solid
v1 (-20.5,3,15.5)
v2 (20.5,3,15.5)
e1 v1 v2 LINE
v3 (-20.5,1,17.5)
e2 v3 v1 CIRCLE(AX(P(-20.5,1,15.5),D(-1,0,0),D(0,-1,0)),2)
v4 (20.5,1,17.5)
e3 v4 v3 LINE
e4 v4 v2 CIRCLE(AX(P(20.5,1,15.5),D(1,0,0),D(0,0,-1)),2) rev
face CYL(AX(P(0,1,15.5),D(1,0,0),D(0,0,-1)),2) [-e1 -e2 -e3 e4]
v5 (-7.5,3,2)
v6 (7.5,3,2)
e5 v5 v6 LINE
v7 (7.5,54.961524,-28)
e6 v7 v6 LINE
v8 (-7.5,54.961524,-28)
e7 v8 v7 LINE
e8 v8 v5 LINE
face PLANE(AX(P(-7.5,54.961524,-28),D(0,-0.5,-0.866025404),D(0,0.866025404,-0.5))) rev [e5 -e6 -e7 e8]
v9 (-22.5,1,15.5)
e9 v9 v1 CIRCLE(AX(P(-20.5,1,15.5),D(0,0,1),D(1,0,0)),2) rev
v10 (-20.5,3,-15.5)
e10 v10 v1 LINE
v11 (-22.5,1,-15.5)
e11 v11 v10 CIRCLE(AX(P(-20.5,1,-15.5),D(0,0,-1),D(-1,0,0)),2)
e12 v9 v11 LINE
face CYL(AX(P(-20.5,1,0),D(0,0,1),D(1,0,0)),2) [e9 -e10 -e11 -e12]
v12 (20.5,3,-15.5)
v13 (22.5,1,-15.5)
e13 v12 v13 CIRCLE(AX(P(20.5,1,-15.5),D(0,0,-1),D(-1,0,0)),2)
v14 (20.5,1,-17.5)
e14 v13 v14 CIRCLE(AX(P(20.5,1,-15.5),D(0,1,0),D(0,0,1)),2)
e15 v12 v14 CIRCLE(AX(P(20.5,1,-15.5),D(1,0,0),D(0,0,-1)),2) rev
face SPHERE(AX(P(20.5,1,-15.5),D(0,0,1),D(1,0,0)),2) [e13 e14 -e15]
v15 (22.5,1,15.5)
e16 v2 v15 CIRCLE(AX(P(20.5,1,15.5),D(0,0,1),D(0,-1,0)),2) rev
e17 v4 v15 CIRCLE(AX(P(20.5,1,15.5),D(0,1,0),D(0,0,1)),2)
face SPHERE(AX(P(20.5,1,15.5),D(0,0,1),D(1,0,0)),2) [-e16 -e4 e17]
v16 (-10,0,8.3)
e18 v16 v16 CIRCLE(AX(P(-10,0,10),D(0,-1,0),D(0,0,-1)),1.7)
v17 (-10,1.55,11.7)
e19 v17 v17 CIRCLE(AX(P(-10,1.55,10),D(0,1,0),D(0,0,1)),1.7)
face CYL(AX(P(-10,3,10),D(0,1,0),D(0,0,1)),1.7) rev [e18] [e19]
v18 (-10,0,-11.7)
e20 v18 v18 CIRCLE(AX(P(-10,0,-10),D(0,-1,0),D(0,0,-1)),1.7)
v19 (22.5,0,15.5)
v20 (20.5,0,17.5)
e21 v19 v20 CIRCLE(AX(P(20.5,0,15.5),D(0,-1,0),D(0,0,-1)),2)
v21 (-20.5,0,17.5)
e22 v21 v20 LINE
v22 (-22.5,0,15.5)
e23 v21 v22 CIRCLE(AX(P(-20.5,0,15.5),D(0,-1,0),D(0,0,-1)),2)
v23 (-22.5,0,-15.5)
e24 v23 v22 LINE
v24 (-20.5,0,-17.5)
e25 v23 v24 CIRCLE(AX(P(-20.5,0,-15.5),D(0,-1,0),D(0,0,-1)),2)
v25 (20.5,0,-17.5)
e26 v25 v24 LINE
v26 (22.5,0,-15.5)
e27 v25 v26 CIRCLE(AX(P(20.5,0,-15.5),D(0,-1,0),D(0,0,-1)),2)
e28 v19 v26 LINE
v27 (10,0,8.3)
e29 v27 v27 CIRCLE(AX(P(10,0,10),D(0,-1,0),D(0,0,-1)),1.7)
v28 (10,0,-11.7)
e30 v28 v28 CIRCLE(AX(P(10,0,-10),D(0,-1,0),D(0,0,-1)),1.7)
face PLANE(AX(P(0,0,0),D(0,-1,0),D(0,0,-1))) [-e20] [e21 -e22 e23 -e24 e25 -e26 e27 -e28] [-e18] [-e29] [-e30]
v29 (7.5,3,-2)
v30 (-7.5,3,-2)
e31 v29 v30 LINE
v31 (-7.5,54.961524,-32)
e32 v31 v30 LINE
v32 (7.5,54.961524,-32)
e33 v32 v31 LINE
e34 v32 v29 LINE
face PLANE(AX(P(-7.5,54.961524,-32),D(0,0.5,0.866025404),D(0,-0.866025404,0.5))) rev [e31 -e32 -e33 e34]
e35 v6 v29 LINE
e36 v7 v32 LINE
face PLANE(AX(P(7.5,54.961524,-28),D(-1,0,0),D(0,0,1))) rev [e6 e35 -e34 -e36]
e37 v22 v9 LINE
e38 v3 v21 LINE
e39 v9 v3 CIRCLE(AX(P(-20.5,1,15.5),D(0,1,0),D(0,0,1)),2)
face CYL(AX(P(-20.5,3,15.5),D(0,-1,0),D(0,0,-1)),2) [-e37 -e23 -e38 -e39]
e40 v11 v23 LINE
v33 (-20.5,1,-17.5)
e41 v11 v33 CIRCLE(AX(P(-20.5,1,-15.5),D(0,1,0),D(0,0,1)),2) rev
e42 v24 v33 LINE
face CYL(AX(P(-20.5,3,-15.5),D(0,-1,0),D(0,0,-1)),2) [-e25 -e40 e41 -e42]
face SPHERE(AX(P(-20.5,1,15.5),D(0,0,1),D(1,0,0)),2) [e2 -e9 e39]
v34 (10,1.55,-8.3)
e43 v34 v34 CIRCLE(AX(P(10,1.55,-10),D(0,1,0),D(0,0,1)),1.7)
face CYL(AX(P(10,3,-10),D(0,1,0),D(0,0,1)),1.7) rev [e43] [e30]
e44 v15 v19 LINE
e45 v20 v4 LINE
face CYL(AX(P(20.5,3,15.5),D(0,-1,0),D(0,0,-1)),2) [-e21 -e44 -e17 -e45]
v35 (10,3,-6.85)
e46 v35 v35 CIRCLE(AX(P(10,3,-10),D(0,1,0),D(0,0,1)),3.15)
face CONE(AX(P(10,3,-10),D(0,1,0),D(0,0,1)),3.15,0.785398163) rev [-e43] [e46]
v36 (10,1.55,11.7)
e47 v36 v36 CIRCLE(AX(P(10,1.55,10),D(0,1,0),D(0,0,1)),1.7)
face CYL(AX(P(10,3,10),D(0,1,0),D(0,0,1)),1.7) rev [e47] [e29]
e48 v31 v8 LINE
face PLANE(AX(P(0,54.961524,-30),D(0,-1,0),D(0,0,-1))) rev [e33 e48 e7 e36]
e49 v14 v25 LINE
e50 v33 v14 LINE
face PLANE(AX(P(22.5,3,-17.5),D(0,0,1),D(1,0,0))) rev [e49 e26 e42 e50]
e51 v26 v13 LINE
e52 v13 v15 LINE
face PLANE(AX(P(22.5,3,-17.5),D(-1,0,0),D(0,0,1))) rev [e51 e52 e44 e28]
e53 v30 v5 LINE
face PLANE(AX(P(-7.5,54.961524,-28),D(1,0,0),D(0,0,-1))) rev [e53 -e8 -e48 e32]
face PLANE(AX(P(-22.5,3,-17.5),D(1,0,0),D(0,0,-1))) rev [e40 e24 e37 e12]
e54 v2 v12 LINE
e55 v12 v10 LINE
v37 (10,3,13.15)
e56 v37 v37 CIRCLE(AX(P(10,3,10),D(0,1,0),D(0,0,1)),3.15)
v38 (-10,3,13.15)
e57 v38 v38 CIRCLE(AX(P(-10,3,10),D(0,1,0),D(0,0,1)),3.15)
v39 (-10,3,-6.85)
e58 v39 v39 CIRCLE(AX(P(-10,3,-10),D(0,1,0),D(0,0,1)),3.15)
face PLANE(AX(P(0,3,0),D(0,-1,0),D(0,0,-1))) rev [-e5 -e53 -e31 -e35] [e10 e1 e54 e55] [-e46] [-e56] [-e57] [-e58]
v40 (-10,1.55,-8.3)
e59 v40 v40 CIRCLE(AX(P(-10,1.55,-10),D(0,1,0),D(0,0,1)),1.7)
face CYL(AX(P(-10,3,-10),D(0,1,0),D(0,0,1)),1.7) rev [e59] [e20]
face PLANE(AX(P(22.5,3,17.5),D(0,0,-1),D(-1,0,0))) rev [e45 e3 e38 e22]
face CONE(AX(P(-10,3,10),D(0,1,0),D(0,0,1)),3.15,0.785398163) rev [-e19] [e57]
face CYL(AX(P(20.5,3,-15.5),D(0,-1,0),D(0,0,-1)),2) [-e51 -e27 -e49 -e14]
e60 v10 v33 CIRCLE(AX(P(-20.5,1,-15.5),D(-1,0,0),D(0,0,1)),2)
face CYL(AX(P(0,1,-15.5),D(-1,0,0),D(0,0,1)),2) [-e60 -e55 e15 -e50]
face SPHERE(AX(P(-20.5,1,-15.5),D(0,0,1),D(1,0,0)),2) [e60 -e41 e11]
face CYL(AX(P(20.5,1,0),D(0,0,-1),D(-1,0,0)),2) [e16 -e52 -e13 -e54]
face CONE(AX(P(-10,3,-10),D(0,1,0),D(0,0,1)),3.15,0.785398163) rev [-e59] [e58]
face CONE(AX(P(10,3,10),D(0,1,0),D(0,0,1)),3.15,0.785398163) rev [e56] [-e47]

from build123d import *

# Parameters (mm, degrees)
SKETCH1_W                                      = 45
SKETCH1_H                                      = 35
BOSS_EXTRUDE1_DEPTH                            = 3
CSK_FOR_M3_FLAT_HEAD_MACHINE_SCREW2_AT_2_COUNT = 2
CSK_FOR_M3_FLAT_HEAD_MACHINE_SCREW2_AT_2_PITCH = 20
CSK_FOR_M3_FLAT_HEAD_MACHINE_SCREW2_AT_3_COUNT = 2
CSK_FOR_M3_FLAT_HEAD_MACHINE_SCREW2_AT_3_PITCH = 28.284271247
CSK_FOR_M3_FLAT_HEAD_MACHINE_SCREW2_AT_4_COUNT = 2
CSK_FOR_M3_FLAT_HEAD_MACHINE_SCREW2_AT_4_PITCH = 20
SKETCH7_W                                      = 15
SKETCH7_H                                      = 4
BOSS_EXTRUDE2_DEPTH                            = 60
FILLET1_R                                      = 2


with BuildPart() as part:
    # Sketch1 → Boss-Extrude1 (new body)
    with BuildSketch(Plane(origin=(0, 0, 0), x_dir=(1, 0, 0), z_dir=(0, 1, 0))):
        Rectangle(SKETCH1_W, SKETCH1_H)
    extrude(amount=BOSS_EXTRUDE1_DEPTH)

    # Sketch5 → CSK for M3 Flat Head Machine Screw2 (revolve, cut)
    with BuildSketch(Plane(origin=(10, 3, -10), x_dir=(0, 0, 1), z_dir=(1, 0, 0))):
        Polygon((0, 0), (0, 3), (1.7, 3), (1.7, 1.45), (3.15, 0), align=None)
    csk_for_m3_flat_head_machine_screw2 = revolve(axis=Axis((10, 9.35, -10), (0, -1, 0)), mode=Mode.SUBTRACT)

    # CSK for M3 Flat Head Machine Screw2 at 2: CSK for M3 Flat Head Machine Screw2 ×2
    with Locations(*[(-i * CSK_FOR_M3_FLAT_HEAD_MACHINE_SCREW2_AT_2_PITCH, 0, 0) for i in range(1, CSK_FOR_M3_FLAT_HEAD_MACHINE_SCREW2_AT_2_COUNT)]):
        add(csk_for_m3_flat_head_machine_screw2, mode=Mode.SUBTRACT)

    # CSK for M3 Flat Head Machine Screw2 at 3: CSK for M3 Flat Head Machine Screw2 ×2
    with Locations(*[Vector(-0.707106781, 0, 0.707106781) * (i * CSK_FOR_M3_FLAT_HEAD_MACHINE_SCREW2_AT_3_PITCH) for i in range(1, CSK_FOR_M3_FLAT_HEAD_MACHINE_SCREW2_AT_3_COUNT)]):
        add(csk_for_m3_flat_head_machine_screw2, mode=Mode.SUBTRACT)

    # CSK for M3 Flat Head Machine Screw2 at 4: CSK for M3 Flat Head Machine Screw2 ×2
    with Locations(*[(0, 0, i * CSK_FOR_M3_FLAT_HEAD_MACHINE_SCREW2_AT_4_PITCH) for i in range(1, CSK_FOR_M3_FLAT_HEAD_MACHINE_SCREW2_AT_4_COUNT)]):
        add(csk_for_m3_flat_head_machine_screw2, mode=Mode.SUBTRACT)

    # Sketch7 → Boss-Extrude2 (add, along a direction that is not the sketch's normal)
    with BuildSketch(Plane(origin=(0, 3, 0), x_dir=(1, 0, 0), z_dir=(0, 1, 0))):
        Rectangle(SKETCH7_W, SKETCH7_H)
    extrude(amount=BOSS_EXTRUDE2_DEPTH, dir=(0, 0.866025404, -0.5))

    # Fillet1
    fillet1_edges = [part.edges().sort_by_distance(p)[0] for p in [
        (22.5, 3, 0),
        (0, 3, -17.5),
        (-22.5, 3, 0),
        (0, 3, 17.5),
        (-22.5, 1.5, -17.5),
        (22.5, 1.5, -17.5),
        (22.5, 1.5, 17.5),
        (-22.5, 1.5, 17.5),
    ]]
    fillet(fillet1_edges, radius=FILLET1_R)


solid = part.part
